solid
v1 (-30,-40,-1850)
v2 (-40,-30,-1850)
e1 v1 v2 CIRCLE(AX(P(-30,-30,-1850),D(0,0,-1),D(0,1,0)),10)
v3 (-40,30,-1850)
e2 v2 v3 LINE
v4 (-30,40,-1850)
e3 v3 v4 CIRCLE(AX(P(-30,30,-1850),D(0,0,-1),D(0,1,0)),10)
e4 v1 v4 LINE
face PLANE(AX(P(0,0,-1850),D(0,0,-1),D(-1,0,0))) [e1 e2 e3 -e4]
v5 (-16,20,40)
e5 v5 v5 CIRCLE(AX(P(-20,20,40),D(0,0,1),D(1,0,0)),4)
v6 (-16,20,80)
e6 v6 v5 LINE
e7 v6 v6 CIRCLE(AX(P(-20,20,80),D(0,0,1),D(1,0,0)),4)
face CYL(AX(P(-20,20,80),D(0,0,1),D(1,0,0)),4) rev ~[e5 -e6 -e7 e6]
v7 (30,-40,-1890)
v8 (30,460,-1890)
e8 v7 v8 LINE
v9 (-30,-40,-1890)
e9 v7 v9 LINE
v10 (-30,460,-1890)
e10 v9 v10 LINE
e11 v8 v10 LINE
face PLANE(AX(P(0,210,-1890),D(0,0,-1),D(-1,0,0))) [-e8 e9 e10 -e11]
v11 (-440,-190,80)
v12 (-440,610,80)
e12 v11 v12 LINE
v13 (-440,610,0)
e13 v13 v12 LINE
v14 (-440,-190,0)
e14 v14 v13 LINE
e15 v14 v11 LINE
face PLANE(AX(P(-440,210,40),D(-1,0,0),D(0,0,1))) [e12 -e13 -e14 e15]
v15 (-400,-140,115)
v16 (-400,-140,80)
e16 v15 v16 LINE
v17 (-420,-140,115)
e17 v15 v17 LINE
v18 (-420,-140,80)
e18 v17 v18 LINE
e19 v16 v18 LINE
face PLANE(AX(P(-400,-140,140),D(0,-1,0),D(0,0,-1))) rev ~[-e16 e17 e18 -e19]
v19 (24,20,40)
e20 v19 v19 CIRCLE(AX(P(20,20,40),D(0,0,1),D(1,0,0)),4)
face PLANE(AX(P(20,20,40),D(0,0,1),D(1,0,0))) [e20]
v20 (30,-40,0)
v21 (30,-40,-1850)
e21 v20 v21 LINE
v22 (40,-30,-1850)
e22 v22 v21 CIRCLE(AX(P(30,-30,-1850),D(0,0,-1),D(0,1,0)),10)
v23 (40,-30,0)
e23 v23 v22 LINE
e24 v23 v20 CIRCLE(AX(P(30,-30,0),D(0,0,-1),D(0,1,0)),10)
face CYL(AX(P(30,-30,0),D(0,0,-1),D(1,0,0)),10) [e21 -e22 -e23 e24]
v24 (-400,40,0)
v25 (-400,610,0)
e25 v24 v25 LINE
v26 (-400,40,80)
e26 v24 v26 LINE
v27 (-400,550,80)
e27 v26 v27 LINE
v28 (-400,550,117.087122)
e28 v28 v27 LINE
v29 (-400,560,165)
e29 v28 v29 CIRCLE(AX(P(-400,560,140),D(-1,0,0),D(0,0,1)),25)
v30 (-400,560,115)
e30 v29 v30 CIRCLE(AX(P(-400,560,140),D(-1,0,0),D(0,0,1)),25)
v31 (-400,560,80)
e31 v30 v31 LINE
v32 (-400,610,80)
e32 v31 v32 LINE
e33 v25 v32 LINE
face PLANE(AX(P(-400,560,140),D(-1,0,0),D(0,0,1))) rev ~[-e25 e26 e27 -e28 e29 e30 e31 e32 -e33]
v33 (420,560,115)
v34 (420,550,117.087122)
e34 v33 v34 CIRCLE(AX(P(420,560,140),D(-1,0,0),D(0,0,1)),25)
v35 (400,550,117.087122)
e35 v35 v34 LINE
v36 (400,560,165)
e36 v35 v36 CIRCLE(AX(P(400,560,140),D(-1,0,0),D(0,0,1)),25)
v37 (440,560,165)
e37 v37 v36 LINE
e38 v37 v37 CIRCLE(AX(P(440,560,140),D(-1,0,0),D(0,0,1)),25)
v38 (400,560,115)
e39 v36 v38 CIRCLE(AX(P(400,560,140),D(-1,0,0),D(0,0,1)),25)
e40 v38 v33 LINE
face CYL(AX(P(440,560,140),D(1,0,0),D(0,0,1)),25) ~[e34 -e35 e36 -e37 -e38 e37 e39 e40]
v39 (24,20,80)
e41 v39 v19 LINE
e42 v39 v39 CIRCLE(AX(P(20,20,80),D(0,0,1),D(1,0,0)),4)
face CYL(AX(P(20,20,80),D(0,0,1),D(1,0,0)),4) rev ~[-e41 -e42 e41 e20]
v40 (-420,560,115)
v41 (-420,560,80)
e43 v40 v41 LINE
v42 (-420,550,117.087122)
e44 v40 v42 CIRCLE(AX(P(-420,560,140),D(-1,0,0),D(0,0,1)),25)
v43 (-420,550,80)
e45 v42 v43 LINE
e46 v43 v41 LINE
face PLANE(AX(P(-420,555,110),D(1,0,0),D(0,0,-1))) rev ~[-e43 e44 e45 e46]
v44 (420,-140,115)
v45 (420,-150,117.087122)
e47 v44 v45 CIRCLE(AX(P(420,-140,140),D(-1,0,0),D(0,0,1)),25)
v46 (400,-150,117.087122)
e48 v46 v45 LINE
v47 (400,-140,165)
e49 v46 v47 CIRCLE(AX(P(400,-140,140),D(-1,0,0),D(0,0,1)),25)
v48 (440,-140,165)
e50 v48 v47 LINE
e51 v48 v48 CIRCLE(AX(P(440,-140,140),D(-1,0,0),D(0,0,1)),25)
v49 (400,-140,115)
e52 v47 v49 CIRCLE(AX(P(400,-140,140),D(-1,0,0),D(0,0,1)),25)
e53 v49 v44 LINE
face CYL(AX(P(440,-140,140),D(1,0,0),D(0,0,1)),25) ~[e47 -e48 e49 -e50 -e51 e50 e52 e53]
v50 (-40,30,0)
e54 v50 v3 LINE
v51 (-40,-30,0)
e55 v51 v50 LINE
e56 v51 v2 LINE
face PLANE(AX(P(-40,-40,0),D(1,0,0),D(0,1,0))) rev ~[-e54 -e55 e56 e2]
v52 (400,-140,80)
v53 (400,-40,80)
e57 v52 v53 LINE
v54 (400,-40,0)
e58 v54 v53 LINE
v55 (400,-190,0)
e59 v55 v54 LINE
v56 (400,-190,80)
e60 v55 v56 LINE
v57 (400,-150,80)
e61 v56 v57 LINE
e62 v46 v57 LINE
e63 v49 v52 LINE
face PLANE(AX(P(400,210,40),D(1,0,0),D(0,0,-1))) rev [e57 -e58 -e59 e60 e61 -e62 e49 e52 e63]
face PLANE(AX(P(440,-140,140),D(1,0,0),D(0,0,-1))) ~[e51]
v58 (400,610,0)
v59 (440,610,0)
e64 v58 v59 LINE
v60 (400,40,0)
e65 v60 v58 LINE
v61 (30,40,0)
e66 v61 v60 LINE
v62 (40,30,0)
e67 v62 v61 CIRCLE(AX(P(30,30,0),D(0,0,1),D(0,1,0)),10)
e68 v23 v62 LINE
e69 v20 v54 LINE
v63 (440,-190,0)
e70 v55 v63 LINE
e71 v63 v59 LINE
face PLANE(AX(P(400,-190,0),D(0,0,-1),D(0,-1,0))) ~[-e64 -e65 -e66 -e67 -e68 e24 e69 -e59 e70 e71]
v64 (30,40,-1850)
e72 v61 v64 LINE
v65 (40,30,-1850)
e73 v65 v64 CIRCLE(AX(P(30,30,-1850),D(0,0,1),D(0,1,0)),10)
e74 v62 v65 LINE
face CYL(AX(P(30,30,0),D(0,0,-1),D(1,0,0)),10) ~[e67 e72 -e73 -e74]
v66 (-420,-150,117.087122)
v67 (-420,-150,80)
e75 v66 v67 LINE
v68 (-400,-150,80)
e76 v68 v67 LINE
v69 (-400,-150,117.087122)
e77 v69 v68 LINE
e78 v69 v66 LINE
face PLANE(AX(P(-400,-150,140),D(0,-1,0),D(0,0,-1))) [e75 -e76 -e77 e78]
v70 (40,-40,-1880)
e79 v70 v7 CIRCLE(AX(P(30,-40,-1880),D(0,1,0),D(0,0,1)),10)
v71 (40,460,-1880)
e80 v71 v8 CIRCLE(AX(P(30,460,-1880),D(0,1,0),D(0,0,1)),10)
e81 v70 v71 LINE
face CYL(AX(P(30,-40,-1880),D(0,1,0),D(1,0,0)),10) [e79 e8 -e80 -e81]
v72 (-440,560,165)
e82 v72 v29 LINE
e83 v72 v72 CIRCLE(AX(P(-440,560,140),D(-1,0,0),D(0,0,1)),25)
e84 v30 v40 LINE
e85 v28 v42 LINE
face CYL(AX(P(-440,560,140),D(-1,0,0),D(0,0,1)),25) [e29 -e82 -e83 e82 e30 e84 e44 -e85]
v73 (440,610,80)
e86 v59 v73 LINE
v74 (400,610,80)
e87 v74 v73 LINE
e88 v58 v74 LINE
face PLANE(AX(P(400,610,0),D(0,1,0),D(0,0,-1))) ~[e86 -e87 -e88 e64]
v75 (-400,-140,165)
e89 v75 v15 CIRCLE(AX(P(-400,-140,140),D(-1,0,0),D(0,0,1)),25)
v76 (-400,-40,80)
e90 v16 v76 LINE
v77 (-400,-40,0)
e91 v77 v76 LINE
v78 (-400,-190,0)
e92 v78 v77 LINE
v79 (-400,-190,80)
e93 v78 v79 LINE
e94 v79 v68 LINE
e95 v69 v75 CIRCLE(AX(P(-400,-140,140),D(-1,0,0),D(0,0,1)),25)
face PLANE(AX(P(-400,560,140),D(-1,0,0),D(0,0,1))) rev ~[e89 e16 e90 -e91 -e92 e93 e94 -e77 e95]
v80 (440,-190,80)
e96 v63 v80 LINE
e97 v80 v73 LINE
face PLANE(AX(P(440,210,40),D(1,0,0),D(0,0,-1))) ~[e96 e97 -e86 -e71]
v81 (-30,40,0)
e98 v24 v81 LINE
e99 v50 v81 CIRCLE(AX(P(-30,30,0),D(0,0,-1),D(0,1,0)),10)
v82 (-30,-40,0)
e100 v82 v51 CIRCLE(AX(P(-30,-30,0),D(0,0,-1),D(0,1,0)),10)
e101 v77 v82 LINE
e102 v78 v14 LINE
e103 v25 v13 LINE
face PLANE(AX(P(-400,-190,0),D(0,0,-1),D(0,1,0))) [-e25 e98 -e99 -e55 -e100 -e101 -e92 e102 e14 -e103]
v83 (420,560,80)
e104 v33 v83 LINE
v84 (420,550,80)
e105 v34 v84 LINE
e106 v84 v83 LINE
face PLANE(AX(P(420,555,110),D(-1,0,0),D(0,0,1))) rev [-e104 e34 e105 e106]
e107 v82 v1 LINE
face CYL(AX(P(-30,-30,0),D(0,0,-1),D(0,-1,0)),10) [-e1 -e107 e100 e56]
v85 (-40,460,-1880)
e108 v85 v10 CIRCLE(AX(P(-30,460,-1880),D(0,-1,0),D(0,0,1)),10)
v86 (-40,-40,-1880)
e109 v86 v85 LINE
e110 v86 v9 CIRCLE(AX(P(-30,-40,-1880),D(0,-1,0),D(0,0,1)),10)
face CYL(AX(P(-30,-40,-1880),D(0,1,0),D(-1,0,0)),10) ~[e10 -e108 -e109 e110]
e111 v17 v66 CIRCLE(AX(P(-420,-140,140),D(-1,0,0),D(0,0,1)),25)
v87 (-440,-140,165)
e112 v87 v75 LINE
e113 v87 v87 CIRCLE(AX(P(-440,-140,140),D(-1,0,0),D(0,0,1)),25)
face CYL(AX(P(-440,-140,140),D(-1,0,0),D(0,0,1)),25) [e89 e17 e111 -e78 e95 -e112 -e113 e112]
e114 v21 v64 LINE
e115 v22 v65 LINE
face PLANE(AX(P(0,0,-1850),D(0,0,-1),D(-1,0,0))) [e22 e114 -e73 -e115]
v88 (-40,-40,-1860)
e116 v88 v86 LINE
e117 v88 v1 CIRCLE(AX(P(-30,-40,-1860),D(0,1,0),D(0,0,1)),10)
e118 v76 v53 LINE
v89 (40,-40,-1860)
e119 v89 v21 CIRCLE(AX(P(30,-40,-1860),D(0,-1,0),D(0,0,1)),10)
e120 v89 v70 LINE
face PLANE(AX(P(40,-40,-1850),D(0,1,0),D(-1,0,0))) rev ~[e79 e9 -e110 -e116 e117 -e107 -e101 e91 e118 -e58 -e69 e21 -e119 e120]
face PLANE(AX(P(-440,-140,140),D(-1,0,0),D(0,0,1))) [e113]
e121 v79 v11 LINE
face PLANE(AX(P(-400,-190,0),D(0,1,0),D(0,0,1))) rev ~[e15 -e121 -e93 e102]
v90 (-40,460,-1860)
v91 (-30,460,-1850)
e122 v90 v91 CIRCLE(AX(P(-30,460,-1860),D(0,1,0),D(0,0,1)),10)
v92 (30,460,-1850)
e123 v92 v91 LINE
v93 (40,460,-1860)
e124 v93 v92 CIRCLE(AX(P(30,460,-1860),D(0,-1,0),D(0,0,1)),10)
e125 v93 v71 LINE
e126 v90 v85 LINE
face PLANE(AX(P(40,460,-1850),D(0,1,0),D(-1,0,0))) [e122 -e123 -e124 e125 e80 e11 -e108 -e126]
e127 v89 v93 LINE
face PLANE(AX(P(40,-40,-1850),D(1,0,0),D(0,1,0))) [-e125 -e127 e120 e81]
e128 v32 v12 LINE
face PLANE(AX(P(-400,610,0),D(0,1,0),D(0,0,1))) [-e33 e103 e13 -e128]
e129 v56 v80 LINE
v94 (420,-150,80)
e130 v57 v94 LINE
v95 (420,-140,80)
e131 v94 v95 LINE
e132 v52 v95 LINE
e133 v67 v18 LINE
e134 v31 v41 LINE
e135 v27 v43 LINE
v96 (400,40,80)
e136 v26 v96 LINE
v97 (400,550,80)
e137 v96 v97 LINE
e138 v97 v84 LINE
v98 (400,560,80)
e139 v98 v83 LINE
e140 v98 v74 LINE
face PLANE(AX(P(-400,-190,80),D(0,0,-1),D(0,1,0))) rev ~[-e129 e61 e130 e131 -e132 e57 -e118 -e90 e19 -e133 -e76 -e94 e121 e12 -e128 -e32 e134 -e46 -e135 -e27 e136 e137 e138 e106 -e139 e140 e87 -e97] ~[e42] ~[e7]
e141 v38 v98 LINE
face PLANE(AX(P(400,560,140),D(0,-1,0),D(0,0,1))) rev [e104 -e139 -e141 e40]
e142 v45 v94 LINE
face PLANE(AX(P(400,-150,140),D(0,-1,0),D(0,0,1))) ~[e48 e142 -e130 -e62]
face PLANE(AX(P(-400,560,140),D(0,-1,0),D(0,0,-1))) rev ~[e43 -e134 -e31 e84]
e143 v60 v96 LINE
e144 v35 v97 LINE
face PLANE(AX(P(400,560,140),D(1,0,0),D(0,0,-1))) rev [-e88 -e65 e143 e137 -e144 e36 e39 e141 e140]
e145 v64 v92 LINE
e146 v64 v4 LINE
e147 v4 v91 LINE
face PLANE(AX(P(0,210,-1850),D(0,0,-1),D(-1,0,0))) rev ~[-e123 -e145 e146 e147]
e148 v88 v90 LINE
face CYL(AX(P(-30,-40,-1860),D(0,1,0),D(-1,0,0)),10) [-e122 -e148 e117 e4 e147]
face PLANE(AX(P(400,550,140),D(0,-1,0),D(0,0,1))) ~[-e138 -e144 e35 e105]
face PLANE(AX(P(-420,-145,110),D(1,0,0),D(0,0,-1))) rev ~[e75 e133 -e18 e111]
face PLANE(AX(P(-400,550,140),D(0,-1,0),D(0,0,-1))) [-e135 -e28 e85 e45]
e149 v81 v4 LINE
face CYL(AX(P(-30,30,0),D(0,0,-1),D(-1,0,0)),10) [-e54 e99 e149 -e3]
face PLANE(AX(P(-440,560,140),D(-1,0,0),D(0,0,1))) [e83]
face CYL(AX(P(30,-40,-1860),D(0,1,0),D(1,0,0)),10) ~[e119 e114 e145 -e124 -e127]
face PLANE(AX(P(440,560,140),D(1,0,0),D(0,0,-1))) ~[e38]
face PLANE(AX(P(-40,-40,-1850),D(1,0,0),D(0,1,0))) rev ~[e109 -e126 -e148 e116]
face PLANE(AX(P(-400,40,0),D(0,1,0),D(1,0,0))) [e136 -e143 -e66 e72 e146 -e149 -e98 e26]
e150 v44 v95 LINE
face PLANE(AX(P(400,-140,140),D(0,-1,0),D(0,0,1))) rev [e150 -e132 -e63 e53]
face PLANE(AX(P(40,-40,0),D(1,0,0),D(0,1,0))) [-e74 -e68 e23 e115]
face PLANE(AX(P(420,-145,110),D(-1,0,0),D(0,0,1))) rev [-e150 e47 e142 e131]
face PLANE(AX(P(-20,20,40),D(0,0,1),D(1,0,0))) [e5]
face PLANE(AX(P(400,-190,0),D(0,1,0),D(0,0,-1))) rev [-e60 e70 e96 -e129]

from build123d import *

# Parameters (mm, degrees)
SKETCH_1_W          = 800
SKETCH_1_H          = 80
EXTRUDE_1_DEPTH     = 80
SKETCH_2_W          = 80
SKETCH_2_H          = 80
EXTRUDE_2_DEPTH     = 1850
SKETCH_3_W          = 80
SKETCH_3_H          = 500
EXTRUDE_3_DEPTH     = 40
SKETCH_4_W          = 80
SKETCH_4_H          = 800
EXTRUDE_4_DEPTH     = 40
SKETCH_5_R          = 4
CUT_EXTRUDE_1_DEPTH = 40
SKETCH_7_R          = 4
CUT_EXTRUDE_2_DEPTH = 40
FILLET_1_R          = 10
FILLET_2_R          = 10
SKETCH_9_R          = 25
EXTRUDE_5_DEPTH     = 40
EXTRUDE_5_2_DEPTH   = 40
SKETCH_10_W         = 60
SKETCH_10_H         = 10
EXTRUDE_1_2_DEPTH   = 20


with BuildPart() as part:
    # 草图1 → Extrude 1 (new body)
    with BuildSketch(Plane.XY):
        Rectangle(SKETCH_1_W, SKETCH_1_H)
    extrude(amount=EXTRUDE_1_DEPTH)

    # 草图7 → 切除-拉伸2 (cut)
    with BuildSketch(Plane.XY.offset(80)):
        with Locations((-20, 20)):
            Circle(SKETCH_7_R)
        with Locations((20, 20)):
            Circle(SKETCH_7_R)
    extrude(amount=-CUT_EXTRUDE_2_DEPTH, mode=Mode.SUBTRACT)


with BuildPart() as body_2:
    # 草图2 → 凸台-拉伸2 (new body)
    with BuildSketch(Plane(origin=(0, 0, 0), x_dir=(-1, 0, 0), z_dir=(0, 0, -1))):
        Rectangle(SKETCH_2_W, SKETCH_2_H)
    extrude(amount=EXTRUDE_2_DEPTH)

    # 圆角1
    fillet_1_edges = [body_2.edges().sort_by_distance(p)[0] for p in [
        (40, 40, -925),
        (-40, 40, -925),
        (-40, -40, -925),
        (40, -40, -925),
    ]]
    fillet(fillet_1_edges, radius=FILLET_1_R)


with BuildPart() as body_3:
    # 草图3 → 凸台-拉伸3 (new body)
    with BuildSketch(Plane(origin=(0, 0, -1850), x_dir=(-1, 0, 0), z_dir=(0, 0, -1))):
        with Locations((0, 210)):
            Rectangle(SKETCH_3_W, SKETCH_3_H)
    extrude(amount=EXTRUDE_3_DEPTH)

    # 圆角2
    fillet_2_edges = [body_3.edges().sort_by_distance(p)[0] for p in [
        (-40, 210, -1890),
        (40, 210, -1890),
        (-40, 210, -1850),
        (40, 210, -1850),
    ]]
    fillet(fillet_2_edges, radius=FILLET_2_R)


with BuildPart() as body_4:
    # 草图4 → 凸台-拉伸4 (new body)
    with BuildSketch(Plane.ZY.offset(400)):
        with Locations((40, 210)):
            Rectangle(SKETCH_4_W, SKETCH_4_H)
    extrude(amount=EXTRUDE_4_DEPTH)


with BuildPart() as body_5:
    # 镜向2: mirrored copy
    add(body_4.part.mirror(Plane(origin=(0, 0, 0), x_dir=(0, 0, 1), z_dir=(1, 0, 0))))

    # 草图5 → 切除-拉伸1 (cut)
    with BuildSketch(Plane(origin=(440, 0, 0), x_dir=(0, 0, -1), z_dir=(1, 0, 0))):
        with Locations((-20, 20)):
            Circle(SKETCH_5_R)
        with Locations((-20, -20)):
            Circle(SKETCH_5_R)
    extrude(amount=-CUT_EXTRUDE_1_DEPTH, mode=Mode.SUBTRACT)


with BuildPart() as body_6:
    # 草图9 → 凸台-拉伸5 (new body)
    with BuildSketch(Plane.ZY.offset(440)):
        with Locations((140, 560)):
            Circle(SKETCH_9_R)
    extrude(amount=-EXTRUDE_5_DEPTH)


with BuildPart() as body_7:
    # 草图9 → Extrude 5 2 (new body)
    with BuildSketch(Plane.ZY.offset(440)):
        with Locations((140, -140)):
            Circle(SKETCH_9_R)
    extrude(amount=-EXTRUDE_5_2_DEPTH)


with BuildPart() as body_4_1:
    add(body_4.part)

    add(body_6.part)  # Extrude 1 2 merges body 6

    add(body_7.part)  # Extrude 1 2 merges body 7
    # 草图10 → Extrude 1 2 (add)
    with BuildSketch(Plane(origin=(-400, 0, 0), x_dir=(0, 0, -1), z_dir=(1, 0, 0))):
        with Locations((-110, 555)):
            Rectangle(SKETCH_10_W, SKETCH_10_H)
        with Locations((-110, -145)):
            Rectangle(SKETCH_10_W, SKETCH_10_H)
    extrude(amount=-EXTRUDE_1_2_DEPTH)


with BuildPart() as body_6_2:
    # 镜向6: mirrored copy
    add(body_4_1.part.mirror(Plane(origin=(0, 0, 0), x_dir=(0, 0, 1), z_dir=(1, 0, 0))))


with BuildPart() as part_1:
    add(part.part)

    # Combine 1: union body 5, body 6 2, body 2, body 4
    add(body_5.part)
    add(body_6_2.part)
    add(body_2.part)
    add(body_4_1.part)

    # Combine 2: union body 3
    add(body_3.part)


solid = part_1.part
